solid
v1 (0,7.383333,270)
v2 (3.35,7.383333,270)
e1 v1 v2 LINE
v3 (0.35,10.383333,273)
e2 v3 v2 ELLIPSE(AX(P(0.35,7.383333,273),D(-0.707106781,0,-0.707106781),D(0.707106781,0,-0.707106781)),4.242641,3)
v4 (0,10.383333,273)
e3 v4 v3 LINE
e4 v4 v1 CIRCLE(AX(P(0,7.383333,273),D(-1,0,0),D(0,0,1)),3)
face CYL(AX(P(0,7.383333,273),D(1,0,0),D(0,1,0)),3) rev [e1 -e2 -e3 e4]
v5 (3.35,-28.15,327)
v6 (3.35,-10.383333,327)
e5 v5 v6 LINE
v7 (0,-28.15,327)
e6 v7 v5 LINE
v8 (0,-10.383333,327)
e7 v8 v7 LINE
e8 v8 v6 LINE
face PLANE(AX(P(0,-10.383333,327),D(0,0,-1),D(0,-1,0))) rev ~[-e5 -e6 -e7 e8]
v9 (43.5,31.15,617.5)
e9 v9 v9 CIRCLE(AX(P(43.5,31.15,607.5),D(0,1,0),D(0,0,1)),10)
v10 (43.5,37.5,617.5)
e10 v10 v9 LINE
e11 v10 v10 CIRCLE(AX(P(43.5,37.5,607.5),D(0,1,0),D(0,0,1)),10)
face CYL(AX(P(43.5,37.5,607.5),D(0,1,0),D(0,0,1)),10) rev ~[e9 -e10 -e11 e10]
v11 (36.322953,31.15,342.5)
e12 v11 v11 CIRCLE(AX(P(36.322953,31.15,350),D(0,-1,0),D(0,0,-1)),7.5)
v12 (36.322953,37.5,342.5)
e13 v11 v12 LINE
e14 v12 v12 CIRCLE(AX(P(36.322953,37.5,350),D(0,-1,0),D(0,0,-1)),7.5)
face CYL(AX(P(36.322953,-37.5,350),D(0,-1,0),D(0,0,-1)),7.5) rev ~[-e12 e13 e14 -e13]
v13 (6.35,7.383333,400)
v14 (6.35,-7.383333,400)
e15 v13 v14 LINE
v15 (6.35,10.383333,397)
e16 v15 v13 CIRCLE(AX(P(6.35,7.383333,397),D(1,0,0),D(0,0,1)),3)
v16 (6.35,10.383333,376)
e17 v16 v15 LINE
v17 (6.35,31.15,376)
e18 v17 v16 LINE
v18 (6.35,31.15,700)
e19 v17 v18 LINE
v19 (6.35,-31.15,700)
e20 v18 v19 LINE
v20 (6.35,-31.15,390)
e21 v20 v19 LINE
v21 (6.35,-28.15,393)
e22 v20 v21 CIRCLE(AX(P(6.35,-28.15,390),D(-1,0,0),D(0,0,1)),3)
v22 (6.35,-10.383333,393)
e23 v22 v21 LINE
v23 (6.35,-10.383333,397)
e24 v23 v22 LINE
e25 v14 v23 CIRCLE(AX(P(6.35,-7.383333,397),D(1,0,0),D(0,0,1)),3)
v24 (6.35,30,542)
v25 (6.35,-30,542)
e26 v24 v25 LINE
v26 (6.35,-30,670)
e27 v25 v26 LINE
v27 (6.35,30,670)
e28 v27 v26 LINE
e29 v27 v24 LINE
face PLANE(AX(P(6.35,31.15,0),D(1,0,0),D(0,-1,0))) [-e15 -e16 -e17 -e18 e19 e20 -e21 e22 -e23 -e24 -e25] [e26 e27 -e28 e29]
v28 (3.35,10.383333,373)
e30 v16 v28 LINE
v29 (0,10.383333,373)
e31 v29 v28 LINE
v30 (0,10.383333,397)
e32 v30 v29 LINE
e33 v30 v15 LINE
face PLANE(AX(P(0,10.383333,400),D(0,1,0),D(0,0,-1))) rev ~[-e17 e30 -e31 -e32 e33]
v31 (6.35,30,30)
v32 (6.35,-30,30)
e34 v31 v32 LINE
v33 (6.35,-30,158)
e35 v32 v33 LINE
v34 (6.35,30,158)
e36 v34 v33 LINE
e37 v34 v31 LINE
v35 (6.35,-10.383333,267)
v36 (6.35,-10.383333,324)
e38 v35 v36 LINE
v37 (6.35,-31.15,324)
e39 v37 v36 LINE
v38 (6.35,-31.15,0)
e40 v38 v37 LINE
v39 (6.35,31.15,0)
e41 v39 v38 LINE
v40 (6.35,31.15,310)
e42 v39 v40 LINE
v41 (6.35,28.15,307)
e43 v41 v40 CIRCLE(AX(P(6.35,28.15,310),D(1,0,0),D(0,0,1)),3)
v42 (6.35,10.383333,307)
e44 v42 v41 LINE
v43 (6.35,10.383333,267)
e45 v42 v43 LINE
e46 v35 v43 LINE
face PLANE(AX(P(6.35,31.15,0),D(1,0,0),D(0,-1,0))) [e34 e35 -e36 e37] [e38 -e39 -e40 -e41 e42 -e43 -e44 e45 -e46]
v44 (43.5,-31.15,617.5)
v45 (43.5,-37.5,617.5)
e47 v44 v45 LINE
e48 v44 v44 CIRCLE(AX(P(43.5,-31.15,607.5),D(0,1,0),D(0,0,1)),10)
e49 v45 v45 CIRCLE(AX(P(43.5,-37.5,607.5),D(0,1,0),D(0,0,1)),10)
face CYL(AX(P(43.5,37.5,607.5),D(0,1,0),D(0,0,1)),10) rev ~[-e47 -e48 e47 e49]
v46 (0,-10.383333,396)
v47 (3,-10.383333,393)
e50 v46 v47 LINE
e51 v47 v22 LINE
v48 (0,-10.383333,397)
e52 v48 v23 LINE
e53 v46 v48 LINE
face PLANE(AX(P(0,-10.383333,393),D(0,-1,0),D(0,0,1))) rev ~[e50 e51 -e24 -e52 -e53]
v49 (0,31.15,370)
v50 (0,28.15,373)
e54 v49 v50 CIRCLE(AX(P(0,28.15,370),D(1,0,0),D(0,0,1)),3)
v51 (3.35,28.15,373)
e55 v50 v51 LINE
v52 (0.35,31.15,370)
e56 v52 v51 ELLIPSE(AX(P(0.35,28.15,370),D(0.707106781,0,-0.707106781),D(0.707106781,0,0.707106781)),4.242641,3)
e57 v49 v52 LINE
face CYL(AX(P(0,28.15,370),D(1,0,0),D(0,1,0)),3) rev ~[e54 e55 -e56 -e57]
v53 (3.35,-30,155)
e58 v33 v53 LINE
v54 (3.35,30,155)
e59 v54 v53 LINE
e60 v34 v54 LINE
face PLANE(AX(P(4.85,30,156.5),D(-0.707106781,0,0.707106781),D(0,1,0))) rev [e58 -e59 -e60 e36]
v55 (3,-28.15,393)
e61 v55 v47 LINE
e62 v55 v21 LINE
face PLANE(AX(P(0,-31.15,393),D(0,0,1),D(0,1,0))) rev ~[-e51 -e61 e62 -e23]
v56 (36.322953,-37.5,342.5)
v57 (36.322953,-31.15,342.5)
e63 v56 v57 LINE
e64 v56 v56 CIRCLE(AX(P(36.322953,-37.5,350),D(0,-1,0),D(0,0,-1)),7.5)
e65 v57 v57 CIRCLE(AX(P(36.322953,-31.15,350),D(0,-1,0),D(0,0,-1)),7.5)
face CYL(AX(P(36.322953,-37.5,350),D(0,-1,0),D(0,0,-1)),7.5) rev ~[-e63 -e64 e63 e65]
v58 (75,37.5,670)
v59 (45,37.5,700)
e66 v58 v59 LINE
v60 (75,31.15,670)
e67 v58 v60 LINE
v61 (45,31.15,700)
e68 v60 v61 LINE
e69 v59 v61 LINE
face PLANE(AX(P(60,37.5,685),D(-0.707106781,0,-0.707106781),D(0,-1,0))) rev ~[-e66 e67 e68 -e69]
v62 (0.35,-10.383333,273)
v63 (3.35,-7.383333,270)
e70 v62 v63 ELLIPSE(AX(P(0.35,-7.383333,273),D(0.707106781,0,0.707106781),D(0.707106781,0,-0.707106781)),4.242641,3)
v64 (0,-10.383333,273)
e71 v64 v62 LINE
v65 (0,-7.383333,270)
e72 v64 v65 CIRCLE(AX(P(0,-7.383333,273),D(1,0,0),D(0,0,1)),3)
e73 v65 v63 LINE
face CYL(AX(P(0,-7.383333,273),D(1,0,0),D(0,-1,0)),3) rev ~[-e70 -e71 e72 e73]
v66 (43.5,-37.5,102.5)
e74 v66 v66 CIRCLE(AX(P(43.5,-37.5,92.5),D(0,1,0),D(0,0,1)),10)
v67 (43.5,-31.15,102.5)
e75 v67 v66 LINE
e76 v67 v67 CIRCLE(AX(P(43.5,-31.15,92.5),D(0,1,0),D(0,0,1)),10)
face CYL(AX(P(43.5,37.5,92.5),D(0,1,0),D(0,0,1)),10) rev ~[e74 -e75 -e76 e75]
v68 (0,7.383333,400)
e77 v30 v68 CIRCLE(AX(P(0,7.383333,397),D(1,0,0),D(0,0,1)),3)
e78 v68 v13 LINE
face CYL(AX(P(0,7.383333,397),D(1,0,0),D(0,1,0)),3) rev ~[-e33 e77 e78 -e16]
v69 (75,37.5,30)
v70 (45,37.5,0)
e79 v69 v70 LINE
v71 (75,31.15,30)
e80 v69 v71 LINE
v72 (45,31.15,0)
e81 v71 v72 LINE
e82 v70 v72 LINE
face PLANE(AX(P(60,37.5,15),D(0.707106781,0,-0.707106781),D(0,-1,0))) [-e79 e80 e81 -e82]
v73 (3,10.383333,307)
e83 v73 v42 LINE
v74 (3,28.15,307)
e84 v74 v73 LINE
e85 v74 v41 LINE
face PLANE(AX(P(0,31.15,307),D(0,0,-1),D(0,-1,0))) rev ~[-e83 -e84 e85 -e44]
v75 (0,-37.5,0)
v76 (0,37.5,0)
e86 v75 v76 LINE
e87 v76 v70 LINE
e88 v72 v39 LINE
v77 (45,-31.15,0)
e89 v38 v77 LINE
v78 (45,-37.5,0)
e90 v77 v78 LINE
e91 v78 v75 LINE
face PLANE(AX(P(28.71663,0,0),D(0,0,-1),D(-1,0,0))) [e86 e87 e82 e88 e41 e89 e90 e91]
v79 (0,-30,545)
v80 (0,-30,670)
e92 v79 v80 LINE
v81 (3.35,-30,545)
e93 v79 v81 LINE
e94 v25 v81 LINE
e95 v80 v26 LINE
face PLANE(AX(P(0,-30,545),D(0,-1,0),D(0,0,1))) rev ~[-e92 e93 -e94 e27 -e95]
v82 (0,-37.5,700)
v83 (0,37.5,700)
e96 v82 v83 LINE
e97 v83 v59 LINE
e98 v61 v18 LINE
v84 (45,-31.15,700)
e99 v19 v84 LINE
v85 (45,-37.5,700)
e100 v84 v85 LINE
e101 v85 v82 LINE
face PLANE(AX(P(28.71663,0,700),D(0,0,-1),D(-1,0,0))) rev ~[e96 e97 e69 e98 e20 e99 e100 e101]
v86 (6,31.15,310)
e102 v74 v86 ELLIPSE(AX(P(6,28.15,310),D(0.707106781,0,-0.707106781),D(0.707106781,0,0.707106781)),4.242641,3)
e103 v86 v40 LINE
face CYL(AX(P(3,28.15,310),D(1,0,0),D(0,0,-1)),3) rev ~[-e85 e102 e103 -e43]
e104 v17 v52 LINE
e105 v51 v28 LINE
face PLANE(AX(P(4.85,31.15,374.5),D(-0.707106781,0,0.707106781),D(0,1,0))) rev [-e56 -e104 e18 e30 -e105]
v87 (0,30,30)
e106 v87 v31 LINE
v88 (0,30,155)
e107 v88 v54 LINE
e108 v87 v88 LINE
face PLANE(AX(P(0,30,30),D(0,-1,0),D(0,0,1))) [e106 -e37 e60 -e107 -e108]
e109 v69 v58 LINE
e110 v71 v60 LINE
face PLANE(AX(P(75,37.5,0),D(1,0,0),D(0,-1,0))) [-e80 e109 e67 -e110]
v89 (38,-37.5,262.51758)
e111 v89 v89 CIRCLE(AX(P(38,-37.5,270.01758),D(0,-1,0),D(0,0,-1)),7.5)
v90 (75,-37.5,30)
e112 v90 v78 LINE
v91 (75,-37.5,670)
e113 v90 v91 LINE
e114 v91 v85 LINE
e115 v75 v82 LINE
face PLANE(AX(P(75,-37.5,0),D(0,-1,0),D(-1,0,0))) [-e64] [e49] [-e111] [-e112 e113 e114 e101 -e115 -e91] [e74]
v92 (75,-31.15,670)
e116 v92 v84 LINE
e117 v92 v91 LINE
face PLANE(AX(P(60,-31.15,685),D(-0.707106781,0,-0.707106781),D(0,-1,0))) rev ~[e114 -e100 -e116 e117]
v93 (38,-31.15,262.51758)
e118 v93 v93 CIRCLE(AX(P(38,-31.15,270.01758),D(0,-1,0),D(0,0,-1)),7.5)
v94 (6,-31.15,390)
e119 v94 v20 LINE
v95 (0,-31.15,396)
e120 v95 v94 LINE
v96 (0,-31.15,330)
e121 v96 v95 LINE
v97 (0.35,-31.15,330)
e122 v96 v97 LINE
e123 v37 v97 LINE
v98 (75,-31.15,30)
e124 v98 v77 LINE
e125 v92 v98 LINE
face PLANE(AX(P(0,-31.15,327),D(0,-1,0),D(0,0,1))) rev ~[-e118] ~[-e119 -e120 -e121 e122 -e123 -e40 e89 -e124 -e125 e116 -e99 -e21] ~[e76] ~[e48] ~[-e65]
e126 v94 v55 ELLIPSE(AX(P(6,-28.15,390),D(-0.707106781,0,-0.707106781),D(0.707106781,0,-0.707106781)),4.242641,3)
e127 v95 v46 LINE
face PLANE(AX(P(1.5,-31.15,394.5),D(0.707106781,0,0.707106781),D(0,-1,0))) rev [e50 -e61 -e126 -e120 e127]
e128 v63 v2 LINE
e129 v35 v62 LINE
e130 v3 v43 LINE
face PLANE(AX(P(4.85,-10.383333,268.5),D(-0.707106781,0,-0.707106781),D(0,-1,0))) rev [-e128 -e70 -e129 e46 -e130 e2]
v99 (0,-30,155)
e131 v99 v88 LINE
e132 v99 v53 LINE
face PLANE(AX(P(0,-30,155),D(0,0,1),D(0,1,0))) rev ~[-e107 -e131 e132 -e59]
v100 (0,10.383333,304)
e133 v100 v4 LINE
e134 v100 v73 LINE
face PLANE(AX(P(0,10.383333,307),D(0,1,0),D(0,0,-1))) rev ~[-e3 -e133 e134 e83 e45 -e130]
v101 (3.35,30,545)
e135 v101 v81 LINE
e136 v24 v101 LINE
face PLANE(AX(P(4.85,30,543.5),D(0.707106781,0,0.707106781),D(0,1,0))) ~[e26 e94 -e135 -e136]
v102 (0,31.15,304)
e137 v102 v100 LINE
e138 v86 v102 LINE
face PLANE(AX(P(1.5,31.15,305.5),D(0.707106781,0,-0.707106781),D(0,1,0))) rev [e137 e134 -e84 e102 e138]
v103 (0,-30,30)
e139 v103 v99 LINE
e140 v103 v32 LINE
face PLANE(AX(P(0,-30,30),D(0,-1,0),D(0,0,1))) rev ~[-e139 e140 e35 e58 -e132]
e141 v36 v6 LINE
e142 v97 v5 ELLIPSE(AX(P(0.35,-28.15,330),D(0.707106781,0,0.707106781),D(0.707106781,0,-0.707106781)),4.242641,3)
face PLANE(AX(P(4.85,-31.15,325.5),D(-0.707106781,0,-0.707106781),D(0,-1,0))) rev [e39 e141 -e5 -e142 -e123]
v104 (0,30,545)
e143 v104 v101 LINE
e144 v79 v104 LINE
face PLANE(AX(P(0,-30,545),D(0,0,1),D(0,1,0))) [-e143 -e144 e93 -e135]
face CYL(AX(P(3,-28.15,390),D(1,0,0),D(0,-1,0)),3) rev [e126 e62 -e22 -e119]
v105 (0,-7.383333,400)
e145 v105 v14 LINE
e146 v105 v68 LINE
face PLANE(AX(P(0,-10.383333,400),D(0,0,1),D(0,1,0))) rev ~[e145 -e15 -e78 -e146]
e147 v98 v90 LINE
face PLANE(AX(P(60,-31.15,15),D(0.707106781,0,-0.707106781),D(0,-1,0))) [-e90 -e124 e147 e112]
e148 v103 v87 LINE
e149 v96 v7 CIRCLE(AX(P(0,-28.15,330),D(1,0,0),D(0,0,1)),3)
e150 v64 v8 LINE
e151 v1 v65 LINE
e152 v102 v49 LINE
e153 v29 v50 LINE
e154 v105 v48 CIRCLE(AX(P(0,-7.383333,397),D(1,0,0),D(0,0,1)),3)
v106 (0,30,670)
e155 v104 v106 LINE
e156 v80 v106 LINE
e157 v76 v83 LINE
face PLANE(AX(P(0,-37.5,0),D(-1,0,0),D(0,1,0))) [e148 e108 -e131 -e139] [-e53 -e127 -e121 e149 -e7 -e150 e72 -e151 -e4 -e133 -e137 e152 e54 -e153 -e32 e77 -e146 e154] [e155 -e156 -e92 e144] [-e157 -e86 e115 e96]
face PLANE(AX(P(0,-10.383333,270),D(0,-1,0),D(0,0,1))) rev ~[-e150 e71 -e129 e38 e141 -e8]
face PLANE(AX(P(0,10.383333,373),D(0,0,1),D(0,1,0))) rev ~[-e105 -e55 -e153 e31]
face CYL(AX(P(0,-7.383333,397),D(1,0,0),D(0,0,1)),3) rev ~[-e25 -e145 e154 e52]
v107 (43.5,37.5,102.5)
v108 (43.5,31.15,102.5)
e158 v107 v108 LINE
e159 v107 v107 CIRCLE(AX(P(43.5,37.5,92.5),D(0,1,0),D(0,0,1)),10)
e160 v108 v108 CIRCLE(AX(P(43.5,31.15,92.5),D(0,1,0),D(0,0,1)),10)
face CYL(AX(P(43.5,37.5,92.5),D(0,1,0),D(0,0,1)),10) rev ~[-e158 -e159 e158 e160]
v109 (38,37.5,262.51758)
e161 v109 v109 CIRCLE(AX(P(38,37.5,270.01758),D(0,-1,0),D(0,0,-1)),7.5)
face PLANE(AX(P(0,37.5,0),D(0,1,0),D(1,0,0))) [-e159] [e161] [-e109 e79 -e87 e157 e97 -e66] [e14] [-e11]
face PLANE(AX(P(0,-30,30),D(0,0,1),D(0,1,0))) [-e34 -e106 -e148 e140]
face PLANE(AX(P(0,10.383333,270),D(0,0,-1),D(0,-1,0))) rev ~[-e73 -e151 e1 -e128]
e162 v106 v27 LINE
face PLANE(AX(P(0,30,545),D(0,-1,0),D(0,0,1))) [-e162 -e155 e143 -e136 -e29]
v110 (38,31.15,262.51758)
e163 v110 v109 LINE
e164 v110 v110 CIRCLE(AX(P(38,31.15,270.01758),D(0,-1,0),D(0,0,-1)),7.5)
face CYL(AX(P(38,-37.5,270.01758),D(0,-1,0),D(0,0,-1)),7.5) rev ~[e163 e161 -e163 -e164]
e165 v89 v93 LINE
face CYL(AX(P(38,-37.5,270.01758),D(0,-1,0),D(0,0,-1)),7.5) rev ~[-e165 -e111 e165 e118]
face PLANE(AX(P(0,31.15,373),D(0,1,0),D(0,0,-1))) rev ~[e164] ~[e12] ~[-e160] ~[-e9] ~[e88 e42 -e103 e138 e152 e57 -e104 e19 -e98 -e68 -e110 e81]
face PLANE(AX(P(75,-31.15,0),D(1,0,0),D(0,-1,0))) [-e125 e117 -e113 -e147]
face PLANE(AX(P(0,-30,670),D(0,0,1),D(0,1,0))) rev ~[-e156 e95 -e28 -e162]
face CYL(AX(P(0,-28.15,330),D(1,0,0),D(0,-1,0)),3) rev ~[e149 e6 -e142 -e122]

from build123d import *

# Parameters (mm, degrees)
BOSS_EXTRUDE1_DEPTH = 700
SKETCH3_W           = 125
SKETCH3_H           = 60
CUT_EXTRUDE1_DEPTH  = 706.00443261
CHAMFER1_SIZE       = 30
SKETCH4_R           = 10
CUT_EXTRUDE2_DEPTH  = 708.990112925
SKETCH5_R           = 7.5
CUT_EXTRUDE3_DEPTH  = 708.990112925
CHAMFER2_SIZE       = 3
FILLET1_R           = 3


with BuildPart() as part:
    # Sketch1 → Boss-Extrude1 (new body)
    with BuildSketch(Plane.XY):
        Polygon((0, -37.5), (0, 37.5), (75, 37.5), (75, 31.15), (6.35, 31.15), (6.35, -31.15), (75, -31.15), (75, -37.5), align=None)
    extrude(amount=BOSS_EXTRUDE1_DEPTH)

    # Sketch3 → Cut-Extrude1 (cut, through all)
    with BuildSketch(Plane.ZY):
        with Locations((92.5, 0)):
            Rectangle(SKETCH3_W, SKETCH3_H)
        with Locations((607.5, 0)):
            Rectangle(SKETCH3_W, SKETCH3_H)
        Polygon((400, 10.383333333), (373, 10.383333333), (373, 31.15), (327, 31.15), (307, 31.15), (307, 10.383333333), (300, 10.383333333), (270, 10.383333333), (270, -10.383333333), (300, -10.383333333), (327, -10.383333333), (327, -31.15), (373, -31.15), (393, -31.15), (393, -10.383333333), (400, -10.383333333), align=None)
    extrude(amount=-CUT_EXTRUDE1_DEPTH, mode=Mode.SUBTRACT)

    # Chamfer1
    chamfer1_edges = [part.edges().sort_by_distance(p)[0] for p in [
        (75, -34.325, 0),
        (75, 34.325, 700),
        (75, -34.325, 700),
        (75, 34.325, 0),
    ]]
    chamfer(chamfer1_edges, length=CHAMFER1_SIZE)

    # Sketch4 → Cut-Extrude2 (cut, through all)
    with BuildSketch(Plane(origin=(0, 37.5, 0), x_dir=(1, 0, 0), z_dir=(0, 1, 0))):
        with Locations(Location((43.5, -607.5, 0), (0, 0, 270))):
            Circle(SKETCH4_R)
        with Locations(Location((43.5, -92.5, 0), (0, 0, 270))):
            Circle(SKETCH4_R)
    extrude(amount=-CUT_EXTRUDE2_DEPTH, mode=Mode.SUBTRACT)

    # Sketch5 → Cut-Extrude3 (cut, through all)
    with BuildSketch(Plane.XZ.offset(37.5)):
        with Locations(Location((38, 270.017579968, 0), (0, 0, 270))):
            Circle(SKETCH5_R)
        with Locations(Location((36.322953254, 350, 0), (0, 0, 270))):
            Circle(SKETCH5_R)
    extrude(amount=-CUT_EXTRUDE3_DEPTH, mode=Mode.SUBTRACT)

    # Chamfer2
    chamfer2_edges = [part.edges().sort_by_distance(p)[0] for p in [
        (6.35, 0, 155),
        (6.35, 0, 545),
        (6.35, -20.766666667, 327),
        (6.35, 0, 270),
        (6.35, 20.766666667, 373),
        (0, -20.766666667, 393),
        (0, 20.766666667, 307),
    ]]
    chamfer(chamfer2_edges, length=CHAMFER2_SIZE)

    # Fillet1
    fillet1_edges = [part.edges().sort_by_distance(p)[0] for p in [
        (1.675, 10.383333333, 270),
        (1.675, -10.383333333, 270),
        (1.675, 31.15, 373),
        (1.675, -31.15, 327),
        (4.675, -31.15, 393),
        (4.675, 31.15, 307),
        (3.175, 10.383333333, 400),
        (3.175, -10.383333333, 400),
    ]]
    fillet(fillet1_edges, radius=FILLET1_R)


solid = part.part
